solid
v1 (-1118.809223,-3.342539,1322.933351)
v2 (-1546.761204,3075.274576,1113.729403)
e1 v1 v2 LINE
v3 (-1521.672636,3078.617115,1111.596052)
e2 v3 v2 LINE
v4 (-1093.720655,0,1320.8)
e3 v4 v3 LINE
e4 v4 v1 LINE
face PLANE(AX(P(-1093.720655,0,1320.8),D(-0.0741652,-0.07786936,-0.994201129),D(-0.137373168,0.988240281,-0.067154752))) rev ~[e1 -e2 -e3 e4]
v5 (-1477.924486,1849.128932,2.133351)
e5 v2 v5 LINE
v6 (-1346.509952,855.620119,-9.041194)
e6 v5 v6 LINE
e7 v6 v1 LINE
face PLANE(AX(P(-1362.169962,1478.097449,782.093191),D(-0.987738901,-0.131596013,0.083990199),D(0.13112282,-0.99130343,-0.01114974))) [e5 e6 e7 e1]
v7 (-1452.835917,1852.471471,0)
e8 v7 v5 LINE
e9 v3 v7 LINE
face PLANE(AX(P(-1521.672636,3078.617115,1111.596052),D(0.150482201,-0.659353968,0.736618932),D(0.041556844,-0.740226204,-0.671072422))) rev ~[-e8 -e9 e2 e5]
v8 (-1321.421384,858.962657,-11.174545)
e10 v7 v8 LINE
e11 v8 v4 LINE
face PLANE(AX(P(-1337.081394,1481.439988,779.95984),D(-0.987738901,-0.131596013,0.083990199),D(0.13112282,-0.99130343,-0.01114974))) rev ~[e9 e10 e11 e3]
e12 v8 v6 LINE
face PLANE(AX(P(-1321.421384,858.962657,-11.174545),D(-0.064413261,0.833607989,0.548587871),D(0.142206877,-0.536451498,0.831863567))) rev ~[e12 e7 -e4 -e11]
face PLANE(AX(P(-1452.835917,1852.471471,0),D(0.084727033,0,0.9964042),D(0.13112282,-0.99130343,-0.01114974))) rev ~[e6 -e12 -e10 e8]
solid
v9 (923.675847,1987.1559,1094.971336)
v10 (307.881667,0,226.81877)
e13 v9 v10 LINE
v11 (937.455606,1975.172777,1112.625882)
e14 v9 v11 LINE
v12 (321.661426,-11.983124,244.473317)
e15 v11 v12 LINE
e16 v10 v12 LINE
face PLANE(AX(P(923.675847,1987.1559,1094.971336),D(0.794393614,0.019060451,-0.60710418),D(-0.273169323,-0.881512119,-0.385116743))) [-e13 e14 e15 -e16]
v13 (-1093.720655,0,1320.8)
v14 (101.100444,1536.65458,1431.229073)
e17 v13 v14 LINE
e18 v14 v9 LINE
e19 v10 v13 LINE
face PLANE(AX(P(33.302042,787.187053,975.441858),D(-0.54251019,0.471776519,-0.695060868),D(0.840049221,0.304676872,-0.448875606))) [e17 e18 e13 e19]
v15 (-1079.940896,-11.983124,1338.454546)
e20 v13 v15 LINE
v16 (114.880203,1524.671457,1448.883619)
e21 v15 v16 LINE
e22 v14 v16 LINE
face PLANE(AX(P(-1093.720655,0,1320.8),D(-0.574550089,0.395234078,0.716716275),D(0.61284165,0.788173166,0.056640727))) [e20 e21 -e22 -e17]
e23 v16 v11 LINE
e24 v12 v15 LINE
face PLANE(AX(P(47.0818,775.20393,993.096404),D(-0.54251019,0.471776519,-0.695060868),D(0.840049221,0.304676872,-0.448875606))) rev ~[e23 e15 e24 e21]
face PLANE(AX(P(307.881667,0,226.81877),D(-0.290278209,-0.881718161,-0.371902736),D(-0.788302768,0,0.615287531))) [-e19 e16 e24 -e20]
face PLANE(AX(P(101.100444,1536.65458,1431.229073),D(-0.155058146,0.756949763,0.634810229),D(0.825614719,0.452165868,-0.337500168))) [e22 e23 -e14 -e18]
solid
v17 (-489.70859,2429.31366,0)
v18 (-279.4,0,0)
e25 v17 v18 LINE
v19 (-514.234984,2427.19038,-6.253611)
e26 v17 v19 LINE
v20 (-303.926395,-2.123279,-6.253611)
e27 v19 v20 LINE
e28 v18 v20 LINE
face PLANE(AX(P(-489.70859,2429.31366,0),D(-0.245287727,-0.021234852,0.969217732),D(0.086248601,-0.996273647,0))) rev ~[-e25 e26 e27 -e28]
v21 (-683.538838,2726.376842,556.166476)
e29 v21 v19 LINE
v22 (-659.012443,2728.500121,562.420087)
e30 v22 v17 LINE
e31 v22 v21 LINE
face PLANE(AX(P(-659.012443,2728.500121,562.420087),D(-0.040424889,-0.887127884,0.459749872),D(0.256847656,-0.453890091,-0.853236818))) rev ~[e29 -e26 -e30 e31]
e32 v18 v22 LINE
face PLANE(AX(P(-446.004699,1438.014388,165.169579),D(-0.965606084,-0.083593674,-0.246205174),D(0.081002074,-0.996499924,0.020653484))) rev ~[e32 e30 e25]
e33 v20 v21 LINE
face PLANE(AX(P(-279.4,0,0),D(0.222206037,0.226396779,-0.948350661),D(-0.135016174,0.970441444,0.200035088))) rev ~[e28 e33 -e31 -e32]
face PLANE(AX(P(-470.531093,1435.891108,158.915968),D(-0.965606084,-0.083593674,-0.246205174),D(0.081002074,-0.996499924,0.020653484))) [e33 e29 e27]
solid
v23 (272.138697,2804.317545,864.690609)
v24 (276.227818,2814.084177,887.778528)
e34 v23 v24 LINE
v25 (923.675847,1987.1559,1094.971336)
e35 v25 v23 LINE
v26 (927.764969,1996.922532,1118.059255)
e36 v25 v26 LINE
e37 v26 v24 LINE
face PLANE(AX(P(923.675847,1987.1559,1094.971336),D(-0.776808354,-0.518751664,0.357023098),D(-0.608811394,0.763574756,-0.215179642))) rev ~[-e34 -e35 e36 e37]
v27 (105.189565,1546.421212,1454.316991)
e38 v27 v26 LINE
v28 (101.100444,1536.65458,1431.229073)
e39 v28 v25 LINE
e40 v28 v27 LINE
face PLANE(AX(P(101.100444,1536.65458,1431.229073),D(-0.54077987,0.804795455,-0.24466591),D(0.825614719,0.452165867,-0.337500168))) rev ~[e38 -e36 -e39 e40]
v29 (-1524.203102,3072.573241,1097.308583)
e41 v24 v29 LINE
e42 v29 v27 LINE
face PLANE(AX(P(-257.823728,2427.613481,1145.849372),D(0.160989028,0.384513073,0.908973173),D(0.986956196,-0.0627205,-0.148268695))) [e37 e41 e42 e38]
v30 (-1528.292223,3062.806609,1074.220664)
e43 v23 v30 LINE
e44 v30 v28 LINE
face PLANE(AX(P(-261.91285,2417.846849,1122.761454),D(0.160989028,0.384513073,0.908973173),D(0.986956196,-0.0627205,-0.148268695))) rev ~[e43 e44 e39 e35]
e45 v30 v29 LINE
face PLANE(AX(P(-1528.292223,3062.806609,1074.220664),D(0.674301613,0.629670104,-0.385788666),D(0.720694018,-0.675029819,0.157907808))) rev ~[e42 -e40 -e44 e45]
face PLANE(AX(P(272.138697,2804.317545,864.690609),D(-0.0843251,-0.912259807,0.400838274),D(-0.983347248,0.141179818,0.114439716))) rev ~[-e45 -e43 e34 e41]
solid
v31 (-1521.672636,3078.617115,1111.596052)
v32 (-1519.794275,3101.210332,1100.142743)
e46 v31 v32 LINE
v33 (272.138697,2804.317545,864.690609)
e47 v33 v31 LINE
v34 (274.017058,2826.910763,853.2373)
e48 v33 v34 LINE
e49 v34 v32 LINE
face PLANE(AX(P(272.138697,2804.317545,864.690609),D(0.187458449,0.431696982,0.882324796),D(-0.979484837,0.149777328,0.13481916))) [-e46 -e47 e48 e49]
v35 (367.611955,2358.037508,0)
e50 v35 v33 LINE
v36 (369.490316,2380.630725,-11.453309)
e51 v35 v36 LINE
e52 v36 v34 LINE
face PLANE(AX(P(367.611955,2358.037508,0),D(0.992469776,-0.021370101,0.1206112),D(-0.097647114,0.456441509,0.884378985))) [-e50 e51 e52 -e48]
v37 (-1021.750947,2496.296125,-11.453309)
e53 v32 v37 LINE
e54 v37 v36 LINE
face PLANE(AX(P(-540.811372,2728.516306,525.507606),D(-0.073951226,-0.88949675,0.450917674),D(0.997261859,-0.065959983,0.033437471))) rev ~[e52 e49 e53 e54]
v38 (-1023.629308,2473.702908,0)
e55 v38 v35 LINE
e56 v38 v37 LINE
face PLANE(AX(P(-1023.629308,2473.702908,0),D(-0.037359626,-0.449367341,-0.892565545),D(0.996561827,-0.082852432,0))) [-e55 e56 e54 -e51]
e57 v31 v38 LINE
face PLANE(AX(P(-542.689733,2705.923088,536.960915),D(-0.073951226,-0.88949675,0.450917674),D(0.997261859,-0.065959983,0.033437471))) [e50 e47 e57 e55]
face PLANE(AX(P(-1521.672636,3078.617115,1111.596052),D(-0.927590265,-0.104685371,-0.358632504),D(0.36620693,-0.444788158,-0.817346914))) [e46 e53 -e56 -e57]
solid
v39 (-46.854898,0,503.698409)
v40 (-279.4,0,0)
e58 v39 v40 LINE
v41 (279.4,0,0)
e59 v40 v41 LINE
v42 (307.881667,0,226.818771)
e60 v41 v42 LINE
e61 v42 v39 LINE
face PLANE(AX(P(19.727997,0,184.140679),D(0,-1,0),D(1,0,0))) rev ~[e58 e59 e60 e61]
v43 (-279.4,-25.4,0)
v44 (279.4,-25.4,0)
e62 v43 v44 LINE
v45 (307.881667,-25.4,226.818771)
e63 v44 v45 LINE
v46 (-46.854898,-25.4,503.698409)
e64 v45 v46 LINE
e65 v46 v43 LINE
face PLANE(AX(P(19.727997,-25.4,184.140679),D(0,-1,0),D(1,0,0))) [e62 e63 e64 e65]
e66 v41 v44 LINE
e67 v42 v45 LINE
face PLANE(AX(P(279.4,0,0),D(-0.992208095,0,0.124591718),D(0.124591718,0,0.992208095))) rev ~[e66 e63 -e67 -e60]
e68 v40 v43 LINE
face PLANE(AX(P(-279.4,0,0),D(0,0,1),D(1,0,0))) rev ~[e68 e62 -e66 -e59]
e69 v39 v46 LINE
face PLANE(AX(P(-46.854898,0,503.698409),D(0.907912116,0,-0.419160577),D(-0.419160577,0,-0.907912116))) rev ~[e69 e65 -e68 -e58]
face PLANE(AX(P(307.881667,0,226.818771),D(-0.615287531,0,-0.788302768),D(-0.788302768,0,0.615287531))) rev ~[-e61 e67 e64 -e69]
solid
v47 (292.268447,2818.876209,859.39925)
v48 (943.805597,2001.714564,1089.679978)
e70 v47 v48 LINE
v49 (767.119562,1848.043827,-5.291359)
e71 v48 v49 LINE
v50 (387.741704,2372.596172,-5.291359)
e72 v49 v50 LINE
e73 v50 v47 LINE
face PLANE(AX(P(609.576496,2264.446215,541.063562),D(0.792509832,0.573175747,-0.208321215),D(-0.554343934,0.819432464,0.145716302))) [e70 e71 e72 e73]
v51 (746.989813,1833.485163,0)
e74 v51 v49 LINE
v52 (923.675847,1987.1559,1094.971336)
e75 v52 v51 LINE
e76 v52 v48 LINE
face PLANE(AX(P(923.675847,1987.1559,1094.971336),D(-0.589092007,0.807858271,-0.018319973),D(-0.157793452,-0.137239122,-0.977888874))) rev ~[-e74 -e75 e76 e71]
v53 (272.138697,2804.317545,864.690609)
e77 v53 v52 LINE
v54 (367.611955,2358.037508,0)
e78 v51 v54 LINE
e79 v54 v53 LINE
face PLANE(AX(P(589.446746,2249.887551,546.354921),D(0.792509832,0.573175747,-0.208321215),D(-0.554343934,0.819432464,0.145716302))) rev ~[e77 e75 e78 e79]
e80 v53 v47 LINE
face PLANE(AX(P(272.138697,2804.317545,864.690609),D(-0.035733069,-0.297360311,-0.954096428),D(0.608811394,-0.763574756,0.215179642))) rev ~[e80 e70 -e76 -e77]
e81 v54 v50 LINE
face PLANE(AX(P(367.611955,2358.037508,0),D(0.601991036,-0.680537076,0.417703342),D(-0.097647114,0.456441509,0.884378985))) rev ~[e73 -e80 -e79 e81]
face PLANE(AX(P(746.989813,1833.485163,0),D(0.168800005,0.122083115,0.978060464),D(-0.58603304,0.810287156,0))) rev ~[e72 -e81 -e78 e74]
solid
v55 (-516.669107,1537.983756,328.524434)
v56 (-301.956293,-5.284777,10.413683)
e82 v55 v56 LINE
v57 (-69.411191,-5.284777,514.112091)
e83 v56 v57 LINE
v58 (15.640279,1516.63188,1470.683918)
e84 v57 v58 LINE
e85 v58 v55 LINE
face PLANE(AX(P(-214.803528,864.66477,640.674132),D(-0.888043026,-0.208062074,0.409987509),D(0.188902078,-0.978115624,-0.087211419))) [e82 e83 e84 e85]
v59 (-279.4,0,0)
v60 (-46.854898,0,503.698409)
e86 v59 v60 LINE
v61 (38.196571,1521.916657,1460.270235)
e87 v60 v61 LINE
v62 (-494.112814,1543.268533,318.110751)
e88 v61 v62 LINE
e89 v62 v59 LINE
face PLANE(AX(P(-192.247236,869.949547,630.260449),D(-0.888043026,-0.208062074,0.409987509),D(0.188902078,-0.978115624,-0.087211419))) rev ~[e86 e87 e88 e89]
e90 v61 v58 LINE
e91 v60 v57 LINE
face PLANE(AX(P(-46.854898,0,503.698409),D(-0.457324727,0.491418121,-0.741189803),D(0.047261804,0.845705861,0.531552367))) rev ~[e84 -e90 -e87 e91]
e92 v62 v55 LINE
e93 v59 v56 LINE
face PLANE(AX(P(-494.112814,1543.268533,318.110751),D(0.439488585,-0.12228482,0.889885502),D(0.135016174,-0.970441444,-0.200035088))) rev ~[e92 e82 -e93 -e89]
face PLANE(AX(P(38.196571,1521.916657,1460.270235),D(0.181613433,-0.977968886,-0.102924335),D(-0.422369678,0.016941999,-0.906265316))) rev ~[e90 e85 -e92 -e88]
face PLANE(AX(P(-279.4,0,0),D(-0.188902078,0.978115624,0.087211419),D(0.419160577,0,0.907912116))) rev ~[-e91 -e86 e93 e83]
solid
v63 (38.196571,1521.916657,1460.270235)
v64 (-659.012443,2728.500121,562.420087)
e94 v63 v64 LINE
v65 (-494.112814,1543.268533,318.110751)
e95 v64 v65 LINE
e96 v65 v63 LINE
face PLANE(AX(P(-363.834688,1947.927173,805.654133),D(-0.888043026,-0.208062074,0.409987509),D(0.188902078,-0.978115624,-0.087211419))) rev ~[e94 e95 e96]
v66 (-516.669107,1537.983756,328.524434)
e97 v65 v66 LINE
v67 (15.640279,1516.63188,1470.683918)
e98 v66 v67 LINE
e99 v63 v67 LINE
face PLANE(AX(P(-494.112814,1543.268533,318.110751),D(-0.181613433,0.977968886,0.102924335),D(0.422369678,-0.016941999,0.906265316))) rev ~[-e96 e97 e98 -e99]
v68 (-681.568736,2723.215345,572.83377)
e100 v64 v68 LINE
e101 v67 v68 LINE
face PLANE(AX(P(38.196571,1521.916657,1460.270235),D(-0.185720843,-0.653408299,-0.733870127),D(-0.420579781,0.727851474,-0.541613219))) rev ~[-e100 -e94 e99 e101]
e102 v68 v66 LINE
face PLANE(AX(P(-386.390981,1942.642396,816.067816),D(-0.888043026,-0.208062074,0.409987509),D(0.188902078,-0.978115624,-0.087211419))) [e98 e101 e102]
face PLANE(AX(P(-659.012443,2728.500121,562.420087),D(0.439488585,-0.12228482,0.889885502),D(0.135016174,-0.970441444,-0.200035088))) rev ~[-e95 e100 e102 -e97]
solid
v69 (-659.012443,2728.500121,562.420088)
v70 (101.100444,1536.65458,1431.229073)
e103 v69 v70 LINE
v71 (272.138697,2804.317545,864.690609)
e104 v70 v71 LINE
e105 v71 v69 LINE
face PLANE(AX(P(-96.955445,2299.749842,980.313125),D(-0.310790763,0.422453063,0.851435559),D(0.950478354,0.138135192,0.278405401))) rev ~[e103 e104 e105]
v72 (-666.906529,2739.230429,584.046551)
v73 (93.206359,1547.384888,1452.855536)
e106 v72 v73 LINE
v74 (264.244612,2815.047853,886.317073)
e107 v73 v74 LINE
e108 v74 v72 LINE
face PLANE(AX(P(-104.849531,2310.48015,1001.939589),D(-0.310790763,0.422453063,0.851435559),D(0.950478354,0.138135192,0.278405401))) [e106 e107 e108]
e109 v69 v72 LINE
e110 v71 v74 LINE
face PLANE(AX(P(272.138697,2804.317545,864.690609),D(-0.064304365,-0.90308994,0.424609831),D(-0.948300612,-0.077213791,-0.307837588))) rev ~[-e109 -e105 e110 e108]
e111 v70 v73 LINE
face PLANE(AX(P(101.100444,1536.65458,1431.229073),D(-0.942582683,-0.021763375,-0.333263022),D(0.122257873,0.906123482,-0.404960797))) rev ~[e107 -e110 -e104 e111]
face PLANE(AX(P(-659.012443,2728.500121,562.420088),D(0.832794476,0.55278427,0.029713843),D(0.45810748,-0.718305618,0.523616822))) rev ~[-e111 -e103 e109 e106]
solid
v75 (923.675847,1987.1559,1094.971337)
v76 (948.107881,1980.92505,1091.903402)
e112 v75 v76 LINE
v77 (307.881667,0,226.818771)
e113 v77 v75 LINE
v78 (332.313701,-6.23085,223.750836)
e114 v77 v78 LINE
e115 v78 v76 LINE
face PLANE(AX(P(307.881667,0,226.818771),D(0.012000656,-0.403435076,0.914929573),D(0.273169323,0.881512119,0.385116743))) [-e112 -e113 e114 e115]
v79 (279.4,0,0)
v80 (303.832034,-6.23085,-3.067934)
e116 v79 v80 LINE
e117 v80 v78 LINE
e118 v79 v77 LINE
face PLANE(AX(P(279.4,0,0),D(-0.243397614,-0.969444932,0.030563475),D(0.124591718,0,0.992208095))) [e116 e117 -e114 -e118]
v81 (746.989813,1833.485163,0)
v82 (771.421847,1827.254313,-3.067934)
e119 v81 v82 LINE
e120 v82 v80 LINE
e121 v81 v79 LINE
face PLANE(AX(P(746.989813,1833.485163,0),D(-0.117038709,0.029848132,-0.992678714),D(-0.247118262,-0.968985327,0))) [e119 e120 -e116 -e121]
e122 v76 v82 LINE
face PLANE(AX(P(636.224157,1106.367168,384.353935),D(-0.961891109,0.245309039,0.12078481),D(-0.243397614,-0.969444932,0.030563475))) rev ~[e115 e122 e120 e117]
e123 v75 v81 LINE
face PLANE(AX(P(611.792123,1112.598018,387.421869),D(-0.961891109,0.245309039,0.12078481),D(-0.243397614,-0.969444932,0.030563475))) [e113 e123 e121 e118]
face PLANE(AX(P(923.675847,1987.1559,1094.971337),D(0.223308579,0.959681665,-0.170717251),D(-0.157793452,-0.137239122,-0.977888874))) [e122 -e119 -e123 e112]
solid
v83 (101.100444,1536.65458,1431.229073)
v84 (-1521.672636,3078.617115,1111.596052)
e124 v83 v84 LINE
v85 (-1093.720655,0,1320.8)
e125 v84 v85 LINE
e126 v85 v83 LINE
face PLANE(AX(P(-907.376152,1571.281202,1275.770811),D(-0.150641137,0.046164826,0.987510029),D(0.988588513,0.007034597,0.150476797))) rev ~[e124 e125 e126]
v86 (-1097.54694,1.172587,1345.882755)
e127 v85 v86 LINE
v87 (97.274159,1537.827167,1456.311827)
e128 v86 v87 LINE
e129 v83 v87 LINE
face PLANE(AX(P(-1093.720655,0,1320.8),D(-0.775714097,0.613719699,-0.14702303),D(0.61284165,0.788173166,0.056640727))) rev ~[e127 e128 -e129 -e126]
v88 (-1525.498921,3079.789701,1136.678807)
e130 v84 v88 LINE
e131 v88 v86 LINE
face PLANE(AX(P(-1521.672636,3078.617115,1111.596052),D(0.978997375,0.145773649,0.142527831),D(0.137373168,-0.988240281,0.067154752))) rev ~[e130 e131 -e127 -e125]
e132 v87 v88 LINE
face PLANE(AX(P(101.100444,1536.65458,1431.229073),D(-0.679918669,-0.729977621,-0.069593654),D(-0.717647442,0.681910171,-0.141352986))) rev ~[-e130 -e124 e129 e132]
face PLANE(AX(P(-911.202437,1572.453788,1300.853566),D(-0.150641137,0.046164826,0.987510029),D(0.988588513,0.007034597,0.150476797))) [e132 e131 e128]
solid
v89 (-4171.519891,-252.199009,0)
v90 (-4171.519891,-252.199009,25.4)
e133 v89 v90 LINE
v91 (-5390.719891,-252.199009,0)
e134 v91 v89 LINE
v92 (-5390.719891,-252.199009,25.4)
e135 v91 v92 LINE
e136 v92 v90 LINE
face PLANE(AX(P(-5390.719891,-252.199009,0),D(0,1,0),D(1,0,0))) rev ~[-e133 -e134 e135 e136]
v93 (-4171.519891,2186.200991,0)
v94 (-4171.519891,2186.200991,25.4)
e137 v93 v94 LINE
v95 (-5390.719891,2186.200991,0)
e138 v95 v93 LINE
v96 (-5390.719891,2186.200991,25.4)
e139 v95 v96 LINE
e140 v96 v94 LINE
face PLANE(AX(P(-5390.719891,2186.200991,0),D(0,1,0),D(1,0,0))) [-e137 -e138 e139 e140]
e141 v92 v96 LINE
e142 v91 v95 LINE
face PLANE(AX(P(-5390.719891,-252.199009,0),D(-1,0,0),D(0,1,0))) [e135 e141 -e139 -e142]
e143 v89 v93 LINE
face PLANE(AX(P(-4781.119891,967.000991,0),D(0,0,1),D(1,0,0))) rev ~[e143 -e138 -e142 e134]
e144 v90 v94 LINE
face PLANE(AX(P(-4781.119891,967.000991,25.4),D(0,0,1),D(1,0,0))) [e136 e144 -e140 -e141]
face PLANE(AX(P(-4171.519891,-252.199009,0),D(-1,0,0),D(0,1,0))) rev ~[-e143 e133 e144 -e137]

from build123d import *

# Parameters (mm, degrees)
F16_DEPTH = 25.4
F17_DEPTH = 25.4
F18_DEPTH = 25.4
F19_DEPTH = 25.4
F20_DEPTH = 25.4
F21_DEPTH = 25.4
F22_DEPTH = 25.4
F23_DEPTH = 25.4
F26_DEPTH = 25.4
F31_DEPTH = 25.4
F32_DEPTH = 25.4
F33_W     = 1219.2
F33_H     = 2438.4
F34_DEPTH = 25.4
F35_DEPTH = 25.4


with BuildPart() as f16:
    # F1 (on Front) → F16 (new body)
    with BuildSketch(Plane.XZ):
        Polygon((-279.4, 0), (279.4, 0), (307.8816668442, 226.8187705058), (-46.8548983335, 503.6984086037), align=None)
    extrude(amount=F16_DEPTH)


with BuildPart() as f17:
    # F3 (on 3pt) → F17 (new body)
    with BuildSketch(Plane(origin=(258.5105207119, -65.9273870343, -32.4612046447), x_dir=(-0.2433976143, -0.9694449316, 0.0305634747), z_dir=(-0.9618911087, 0.245309039, 0.12078481))):
        Polygon((-2117.7925844661, 1201.5217848882), (-1959.2784362289, 93.0687444366), (-68.0052934274, 34.810926143), (-68.0052934274, 263.410926143), align=None)
    extrude(amount=-F17_DEPTH)


with BuildPart() as f18:
    # F5 (on 3pt) → F18 (new body)
    with BuildSketch(Plane(origin=(176.1431812931, -153.1772461427, 225.6736087228), x_dir=(0.8400492209, 0.3046768722, -0.4488756064), z_dir=(-0.5425101902, 0.4717765191, -0.6950608675))):
        Polygon((889.8676974818, -2259.1248491661), (156.8223412087, -127.3827382517), (-1511.6540853023, -741.7689475509), (-89.3313576369, -2075.2221325219), align=None)
    extrude(amount=-F18_DEPTH)


with BuildPart() as f19:
    # F7 (on 3pt) → F19 (new body)
    with BuildSketch(Plane(origin=(1302.0191575201, 941.6738739175, -342.252174384), x_dir=(-0.5543439336, 0.8194324638, 0.1457163019), z_dir=(0.7925098321, 0.5731757473, -0.2083212153))):
        Polygon((1275.8611263971, 1293.8184315341), (1088.3279929288, 189.904394152), (1728.4690277042, 93.4565965208), (2273.0899174363, 905.4658028292), align=None)
    extrude(amount=F19_DEPTH)


with BuildPart() as f20:
    # F9 (on 3pt) → F20 (new body)
    with BuildSketch(Plane(origin=(157.1206243191, 1889.8710953135, -958.0431618682), x_dir=(0.9972618594, -0.0659599829, 0.0334374713), z_dir=(-0.0739512261, -0.8894967495, 0.450917674))):
        Polygon((-1683.4026535863, 2383.4902749533), (-1183.9918683013, 1118.4989686478), (-648.6051863466, 1098.4281154192), (211.0692676119, 1066.2001942338), (115.3338729538, 2039.2395556533), align=None)
    extrude(amount=-F20_DEPTH)


with BuildPart() as f21:
    # F11 (on 3pt) → F21 (new body)
    with BuildSketch(Plane(origin=(-260.5111936895, -22.5527656992, -66.4237776601), x_dir=(0.0810020736, -0.9964999236, 0.0206534838), z_dir=(-0.9656060842, -0.0835936739, -0.2462051743))):
        Polygon((-2760.7156026321, 707.8059065245), (-2460.4782874181, 120.9922708969), (-22.6319793566, 69.0313406617), align=None)
    extrude(amount=F21_DEPTH)


with BuildPart() as f22:
    # F13 (on 3pt) → F22 (new body)
    with BuildSketch(Plane(origin=(-220.3405442372, -51.624199763, 101.7257815107), x_dir=(0.1889020777, -0.9781156238, -0.0872114188), z_dir=(-0.888043026, -0.2080620738, 0.4099875089))):
        Polygon((-1608.747287406, 1341.8075368411), (-2842.3268717395, 234.3959760147), (-1630.5768910629, 81.7039933705), align=None)
    extrude(amount=F22_DEPTH)


with BuildPart() as f23:
    # F15 (on 3pt) → F23 (new body)
    with BuildSketch(Plane(origin=(307.1813398677, 733.685038507, 1734.4014121101), x_dir=(0.986956196, -0.0627204998, -0.1482686952), z_dir=(0.1609890278, 0.3845130734, 0.908973173))):
        Polygon((-1859.731536833, 2402.2921811744), (-208.8045009332, 857.6383668308), (624.6422180254, 1403.5482178059), (-35.5057733039, 2245.8591196962), align=None)
    extrude(amount=F23_DEPTH)


with BuildPart() as f26:
    # F25 (on 3pt) → F26 (new body)
    with BuildSketch(Plane(origin=(-570.7183420249, 775.7685880845, 1563.5274522631), x_dir=(0.950478354, 0.138135192, 0.2784054011), z_dir=(-0.3107907634, 0.422453063, 0.8514355589))):
        Polygon((886.7714192624, 2127.7754211615), (-92.8943842417, 2194.2066627047), (706.8217630863, 740.4011281438), align=None)
    extrude(amount=F26_DEPTH)


with BuildPart() as f31:
    # F28 (on 3pt) → F31 (new body)
    with BuildSketch(Plane(origin=(-221.3012550993, 67.8190181099, 1450.7140192517), x_dir=(0.988588513, 0.0070345971, 0.1504767972), z_dir=(-0.1506411366, 0.0461648262, 0.9875100287))):
        Polygon((-882.489922541, -61.6783440279), (326.1232502517, 1468.1430627693), (-1315.3818438356, 3023.3495508983), align=None)
    extrude(amount=F31_DEPTH)


with BuildPart() as f32:
    # F30 (on 3pt) → F32 (new body)
    with BuildSketch(Plane(origin=(-1176.6387227062, -156.7630519988, 100.0528784431), x_dir=(0.1311228201, -0.9913034295, -0.0111497398), z_dir=(-0.9877389007, -0.131596013, 0.0839901987))):
        Polygon((-3263.763717823, 978.6721667049), (-2026.8612646883, -123.0944772383), (-1024.6365331789, -123.0944772383), (-158.1383129845, 1223.3829609431), align=None)
    extrude(amount=F32_DEPTH)


with BuildPart() as f34:
    # F33 (on Top) → F34 (new body)
    with BuildSketch(Plane.XY):
        with Locations((-4781.1198914323, 967.000991106)):
            Rectangle(F33_W, F33_H)
    extrude(amount=F34_DEPTH)


with BuildPart() as f35:
    # F13 (on 3pt) → F35 (new body)
    with BuildSketch(Plane(origin=(-220.3405442372, -51.624199763, 101.7257815107), x_dir=(0.1889020777, -0.9781156238, -0.0872114188), z_dir=(-0.888043026, -0.2080620738, 0.4099875089))):
        Polygon((-1608.747287406, 1341.8075368411), (-1630.5768910629, 81.7039933705), (-52.77924052, -117.1134651108), (-52.77924052, 437.6741619492), align=None)
    extrude(amount=F35_DEPTH)


solid = Compound([f16.part, f17.part, f18.part, f19.part, f20.part, f21.part, f22.part, f23.part, f26.part, f31.part, f32.part, f34.part, f35.part])
